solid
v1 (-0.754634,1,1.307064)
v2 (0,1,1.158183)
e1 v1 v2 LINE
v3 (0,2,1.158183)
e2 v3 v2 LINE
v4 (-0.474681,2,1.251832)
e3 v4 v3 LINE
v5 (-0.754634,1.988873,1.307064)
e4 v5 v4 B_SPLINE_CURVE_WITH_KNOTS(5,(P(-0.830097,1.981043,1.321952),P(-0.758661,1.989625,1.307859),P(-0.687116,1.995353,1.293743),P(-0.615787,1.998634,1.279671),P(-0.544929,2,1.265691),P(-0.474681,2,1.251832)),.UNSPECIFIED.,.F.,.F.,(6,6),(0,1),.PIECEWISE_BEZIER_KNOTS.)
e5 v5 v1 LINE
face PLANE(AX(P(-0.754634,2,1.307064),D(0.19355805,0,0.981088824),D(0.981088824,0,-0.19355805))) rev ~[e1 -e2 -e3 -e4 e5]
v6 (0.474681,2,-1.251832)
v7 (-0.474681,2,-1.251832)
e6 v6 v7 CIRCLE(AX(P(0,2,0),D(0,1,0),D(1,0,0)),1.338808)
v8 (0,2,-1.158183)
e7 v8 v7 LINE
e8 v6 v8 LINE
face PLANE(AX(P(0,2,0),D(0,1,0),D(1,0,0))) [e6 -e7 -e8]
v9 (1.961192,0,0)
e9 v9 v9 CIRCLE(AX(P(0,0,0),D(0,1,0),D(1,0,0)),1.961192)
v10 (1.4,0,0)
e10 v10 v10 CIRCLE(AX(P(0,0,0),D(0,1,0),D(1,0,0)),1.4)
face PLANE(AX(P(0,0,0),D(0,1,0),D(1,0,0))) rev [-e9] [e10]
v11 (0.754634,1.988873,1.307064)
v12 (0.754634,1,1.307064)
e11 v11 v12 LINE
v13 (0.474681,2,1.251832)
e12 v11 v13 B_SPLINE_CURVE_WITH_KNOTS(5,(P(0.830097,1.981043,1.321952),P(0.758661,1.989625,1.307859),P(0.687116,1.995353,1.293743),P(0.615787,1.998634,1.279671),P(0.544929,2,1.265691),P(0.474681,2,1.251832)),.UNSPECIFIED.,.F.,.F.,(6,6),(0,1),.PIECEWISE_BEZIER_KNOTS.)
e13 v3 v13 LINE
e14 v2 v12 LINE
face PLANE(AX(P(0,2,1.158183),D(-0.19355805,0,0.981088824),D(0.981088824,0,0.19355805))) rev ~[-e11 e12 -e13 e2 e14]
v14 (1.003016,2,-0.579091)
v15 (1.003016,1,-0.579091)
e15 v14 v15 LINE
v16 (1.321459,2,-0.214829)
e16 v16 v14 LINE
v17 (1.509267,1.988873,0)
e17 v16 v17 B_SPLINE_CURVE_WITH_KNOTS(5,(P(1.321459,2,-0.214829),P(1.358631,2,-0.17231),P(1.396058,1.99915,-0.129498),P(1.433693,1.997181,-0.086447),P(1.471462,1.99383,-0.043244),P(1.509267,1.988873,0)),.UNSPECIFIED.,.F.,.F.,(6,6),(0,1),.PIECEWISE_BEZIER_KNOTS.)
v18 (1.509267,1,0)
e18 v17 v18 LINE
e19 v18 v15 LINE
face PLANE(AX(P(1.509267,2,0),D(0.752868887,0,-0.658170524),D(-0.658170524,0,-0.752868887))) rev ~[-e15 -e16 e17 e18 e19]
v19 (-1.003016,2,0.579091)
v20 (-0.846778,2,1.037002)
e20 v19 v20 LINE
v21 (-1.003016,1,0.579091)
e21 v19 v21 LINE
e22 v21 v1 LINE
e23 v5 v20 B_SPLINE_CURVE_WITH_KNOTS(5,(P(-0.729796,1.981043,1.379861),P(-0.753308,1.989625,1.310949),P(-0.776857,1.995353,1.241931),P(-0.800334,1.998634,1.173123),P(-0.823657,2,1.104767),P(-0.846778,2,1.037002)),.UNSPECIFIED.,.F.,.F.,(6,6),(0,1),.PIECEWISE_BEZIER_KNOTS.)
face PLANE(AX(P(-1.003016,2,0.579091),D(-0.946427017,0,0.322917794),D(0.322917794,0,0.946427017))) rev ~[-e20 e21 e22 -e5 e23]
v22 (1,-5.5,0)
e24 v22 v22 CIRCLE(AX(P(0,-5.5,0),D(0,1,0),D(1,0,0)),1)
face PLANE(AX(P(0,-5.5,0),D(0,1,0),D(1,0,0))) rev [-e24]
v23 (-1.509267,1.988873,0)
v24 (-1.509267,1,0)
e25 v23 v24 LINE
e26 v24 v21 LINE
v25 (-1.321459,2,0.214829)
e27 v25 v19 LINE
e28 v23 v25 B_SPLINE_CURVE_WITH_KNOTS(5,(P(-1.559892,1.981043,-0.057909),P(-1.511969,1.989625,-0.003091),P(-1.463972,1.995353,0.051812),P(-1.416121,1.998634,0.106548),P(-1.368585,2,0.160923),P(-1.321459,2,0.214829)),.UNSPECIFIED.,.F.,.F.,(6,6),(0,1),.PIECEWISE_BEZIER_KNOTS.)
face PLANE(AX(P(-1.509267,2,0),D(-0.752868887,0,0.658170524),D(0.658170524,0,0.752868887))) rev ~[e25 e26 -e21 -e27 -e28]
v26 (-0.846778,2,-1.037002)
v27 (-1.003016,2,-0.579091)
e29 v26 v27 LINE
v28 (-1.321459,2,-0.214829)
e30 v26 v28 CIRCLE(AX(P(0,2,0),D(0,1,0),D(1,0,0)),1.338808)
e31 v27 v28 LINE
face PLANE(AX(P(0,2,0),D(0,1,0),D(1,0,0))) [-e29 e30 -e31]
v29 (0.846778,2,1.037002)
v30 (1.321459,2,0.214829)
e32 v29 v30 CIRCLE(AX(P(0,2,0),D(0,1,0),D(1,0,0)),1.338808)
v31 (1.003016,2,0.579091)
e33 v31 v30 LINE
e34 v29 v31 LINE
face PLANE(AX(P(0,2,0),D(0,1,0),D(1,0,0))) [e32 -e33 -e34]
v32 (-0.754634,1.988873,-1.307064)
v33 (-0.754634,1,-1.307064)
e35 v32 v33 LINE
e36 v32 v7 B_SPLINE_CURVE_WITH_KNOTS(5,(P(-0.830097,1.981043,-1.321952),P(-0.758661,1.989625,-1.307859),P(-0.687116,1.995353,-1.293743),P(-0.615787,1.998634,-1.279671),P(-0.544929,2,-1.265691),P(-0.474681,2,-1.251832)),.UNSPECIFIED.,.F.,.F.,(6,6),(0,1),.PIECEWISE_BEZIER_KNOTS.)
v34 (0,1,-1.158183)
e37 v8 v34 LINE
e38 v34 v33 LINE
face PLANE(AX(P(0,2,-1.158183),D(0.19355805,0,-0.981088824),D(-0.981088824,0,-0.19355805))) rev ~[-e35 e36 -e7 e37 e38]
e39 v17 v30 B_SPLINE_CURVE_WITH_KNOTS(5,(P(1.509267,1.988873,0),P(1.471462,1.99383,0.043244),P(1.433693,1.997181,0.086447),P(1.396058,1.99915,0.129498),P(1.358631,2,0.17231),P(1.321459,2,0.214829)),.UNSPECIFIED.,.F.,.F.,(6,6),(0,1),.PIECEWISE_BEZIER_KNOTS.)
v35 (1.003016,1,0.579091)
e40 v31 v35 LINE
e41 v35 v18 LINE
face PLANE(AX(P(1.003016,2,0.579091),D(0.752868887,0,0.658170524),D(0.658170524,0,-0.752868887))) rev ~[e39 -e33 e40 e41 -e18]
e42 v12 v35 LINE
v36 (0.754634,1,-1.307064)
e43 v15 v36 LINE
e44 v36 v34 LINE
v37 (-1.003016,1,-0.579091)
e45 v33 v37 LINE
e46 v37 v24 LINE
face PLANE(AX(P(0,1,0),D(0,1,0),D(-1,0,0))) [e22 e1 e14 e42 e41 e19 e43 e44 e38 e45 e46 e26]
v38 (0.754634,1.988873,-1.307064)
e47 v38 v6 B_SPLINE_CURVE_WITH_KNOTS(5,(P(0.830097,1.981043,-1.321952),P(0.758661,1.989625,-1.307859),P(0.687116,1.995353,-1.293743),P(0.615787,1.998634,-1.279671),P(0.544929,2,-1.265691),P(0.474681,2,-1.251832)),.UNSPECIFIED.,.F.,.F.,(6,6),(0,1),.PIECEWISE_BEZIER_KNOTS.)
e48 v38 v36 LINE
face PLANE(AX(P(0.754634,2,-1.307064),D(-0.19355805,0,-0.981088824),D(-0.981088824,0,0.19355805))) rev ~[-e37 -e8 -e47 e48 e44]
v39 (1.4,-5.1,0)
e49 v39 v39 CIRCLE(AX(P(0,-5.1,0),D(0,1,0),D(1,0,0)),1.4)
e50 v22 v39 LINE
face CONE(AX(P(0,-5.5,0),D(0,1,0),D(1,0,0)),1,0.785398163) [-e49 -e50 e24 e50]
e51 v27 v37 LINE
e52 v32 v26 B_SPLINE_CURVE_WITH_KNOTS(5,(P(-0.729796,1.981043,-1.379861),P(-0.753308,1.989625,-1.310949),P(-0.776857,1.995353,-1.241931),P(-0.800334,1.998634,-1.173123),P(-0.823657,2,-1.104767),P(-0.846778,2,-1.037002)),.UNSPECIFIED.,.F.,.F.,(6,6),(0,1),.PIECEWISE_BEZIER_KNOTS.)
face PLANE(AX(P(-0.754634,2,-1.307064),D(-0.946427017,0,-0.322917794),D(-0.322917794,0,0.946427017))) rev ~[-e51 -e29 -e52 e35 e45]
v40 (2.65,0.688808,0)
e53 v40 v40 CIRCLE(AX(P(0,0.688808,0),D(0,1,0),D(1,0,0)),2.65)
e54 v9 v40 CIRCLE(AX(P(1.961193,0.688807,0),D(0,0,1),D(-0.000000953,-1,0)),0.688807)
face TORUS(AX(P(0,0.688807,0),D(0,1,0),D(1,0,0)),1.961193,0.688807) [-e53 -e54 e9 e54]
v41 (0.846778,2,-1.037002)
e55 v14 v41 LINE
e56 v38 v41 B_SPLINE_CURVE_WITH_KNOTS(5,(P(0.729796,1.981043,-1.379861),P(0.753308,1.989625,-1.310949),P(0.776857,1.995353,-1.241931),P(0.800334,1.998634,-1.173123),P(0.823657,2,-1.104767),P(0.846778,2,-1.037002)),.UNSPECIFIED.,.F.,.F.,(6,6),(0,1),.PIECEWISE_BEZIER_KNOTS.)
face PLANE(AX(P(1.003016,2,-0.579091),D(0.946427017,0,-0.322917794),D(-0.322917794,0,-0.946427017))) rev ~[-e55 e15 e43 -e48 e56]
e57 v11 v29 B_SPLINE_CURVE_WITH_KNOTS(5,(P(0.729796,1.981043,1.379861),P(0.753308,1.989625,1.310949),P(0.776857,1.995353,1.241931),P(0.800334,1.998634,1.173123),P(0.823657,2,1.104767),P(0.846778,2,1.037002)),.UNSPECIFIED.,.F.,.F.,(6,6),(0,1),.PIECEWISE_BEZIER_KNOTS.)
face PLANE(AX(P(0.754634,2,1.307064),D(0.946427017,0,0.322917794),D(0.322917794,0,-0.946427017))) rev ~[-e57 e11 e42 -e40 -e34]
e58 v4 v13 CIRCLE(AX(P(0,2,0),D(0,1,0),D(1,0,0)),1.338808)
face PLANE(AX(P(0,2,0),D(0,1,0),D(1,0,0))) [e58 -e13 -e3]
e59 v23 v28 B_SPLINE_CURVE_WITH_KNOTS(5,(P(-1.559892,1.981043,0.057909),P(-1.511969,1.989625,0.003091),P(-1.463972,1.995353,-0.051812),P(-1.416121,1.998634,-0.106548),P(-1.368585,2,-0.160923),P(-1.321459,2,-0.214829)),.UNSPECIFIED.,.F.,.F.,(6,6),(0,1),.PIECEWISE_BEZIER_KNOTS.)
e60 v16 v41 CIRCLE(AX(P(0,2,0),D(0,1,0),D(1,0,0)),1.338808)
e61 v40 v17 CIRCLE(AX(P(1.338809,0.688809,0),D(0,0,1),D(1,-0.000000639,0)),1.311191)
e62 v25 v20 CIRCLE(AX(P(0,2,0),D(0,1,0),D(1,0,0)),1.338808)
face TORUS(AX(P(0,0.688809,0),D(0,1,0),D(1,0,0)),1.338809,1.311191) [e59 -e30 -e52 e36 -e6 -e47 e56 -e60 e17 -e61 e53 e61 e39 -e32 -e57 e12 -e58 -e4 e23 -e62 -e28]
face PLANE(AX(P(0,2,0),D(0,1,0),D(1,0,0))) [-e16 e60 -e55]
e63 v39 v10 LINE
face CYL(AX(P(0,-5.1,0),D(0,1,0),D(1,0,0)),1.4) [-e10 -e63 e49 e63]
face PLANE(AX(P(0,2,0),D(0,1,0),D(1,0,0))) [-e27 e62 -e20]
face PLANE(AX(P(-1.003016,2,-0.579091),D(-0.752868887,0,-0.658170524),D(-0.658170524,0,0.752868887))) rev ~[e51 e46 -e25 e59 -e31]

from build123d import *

# Parameters (mm, degrees)
POCKET_DEPTH = 1


with BuildPart() as part:
    # Sketch → Revolution (revolve)
    with BuildSketch(Plane.XY):
        with BuildLine():
            Line((0, -5.5), (1, -5.5))
            Line((1, -5.5), (1.4, -5.1))
            Line((1.4, -5.1), (1.4, 0))
            Line((1.4, 0), (1.961192, 0))
            ThreePointArc((1.961192, 0), (2.448253, 0.201747), (2.65, 0.688808))
            ThreePointArc((2.65, 0.688808), (2.265961, 1.615961), (1.338808, 2))
            Line((1.338808, 2), (0, 2))
            Line((0, 2), (0, -5.5))
        make_face()
    revolve(axis=Axis((0, 0, 0), (0, 1, 0)))

    # Sketch001 (on Face7 of Revolution) → Pocket (cut)
    with BuildSketch(Plane(origin=(0, 2, 0), x_dir=(-1, 0, 0), z_dir=(0, 1, 0))):
        Polygon((0.754634, 1.307064), (0, 1.158183), (-0.754634, 1.307064), (-1.003016, 0.579091), (-1.509267, 0), (-1.003016, -0.579091), (-0.754634, -1.307064), (0, -1.158183), (0.754634, -1.307064), (1.003016, -0.579091), (1.509267, 0), (1.003016, 0.579091), align=None)
    extrude(amount=-POCKET_DEPTH, mode=Mode.SUBTRACT)


solid = part.part
